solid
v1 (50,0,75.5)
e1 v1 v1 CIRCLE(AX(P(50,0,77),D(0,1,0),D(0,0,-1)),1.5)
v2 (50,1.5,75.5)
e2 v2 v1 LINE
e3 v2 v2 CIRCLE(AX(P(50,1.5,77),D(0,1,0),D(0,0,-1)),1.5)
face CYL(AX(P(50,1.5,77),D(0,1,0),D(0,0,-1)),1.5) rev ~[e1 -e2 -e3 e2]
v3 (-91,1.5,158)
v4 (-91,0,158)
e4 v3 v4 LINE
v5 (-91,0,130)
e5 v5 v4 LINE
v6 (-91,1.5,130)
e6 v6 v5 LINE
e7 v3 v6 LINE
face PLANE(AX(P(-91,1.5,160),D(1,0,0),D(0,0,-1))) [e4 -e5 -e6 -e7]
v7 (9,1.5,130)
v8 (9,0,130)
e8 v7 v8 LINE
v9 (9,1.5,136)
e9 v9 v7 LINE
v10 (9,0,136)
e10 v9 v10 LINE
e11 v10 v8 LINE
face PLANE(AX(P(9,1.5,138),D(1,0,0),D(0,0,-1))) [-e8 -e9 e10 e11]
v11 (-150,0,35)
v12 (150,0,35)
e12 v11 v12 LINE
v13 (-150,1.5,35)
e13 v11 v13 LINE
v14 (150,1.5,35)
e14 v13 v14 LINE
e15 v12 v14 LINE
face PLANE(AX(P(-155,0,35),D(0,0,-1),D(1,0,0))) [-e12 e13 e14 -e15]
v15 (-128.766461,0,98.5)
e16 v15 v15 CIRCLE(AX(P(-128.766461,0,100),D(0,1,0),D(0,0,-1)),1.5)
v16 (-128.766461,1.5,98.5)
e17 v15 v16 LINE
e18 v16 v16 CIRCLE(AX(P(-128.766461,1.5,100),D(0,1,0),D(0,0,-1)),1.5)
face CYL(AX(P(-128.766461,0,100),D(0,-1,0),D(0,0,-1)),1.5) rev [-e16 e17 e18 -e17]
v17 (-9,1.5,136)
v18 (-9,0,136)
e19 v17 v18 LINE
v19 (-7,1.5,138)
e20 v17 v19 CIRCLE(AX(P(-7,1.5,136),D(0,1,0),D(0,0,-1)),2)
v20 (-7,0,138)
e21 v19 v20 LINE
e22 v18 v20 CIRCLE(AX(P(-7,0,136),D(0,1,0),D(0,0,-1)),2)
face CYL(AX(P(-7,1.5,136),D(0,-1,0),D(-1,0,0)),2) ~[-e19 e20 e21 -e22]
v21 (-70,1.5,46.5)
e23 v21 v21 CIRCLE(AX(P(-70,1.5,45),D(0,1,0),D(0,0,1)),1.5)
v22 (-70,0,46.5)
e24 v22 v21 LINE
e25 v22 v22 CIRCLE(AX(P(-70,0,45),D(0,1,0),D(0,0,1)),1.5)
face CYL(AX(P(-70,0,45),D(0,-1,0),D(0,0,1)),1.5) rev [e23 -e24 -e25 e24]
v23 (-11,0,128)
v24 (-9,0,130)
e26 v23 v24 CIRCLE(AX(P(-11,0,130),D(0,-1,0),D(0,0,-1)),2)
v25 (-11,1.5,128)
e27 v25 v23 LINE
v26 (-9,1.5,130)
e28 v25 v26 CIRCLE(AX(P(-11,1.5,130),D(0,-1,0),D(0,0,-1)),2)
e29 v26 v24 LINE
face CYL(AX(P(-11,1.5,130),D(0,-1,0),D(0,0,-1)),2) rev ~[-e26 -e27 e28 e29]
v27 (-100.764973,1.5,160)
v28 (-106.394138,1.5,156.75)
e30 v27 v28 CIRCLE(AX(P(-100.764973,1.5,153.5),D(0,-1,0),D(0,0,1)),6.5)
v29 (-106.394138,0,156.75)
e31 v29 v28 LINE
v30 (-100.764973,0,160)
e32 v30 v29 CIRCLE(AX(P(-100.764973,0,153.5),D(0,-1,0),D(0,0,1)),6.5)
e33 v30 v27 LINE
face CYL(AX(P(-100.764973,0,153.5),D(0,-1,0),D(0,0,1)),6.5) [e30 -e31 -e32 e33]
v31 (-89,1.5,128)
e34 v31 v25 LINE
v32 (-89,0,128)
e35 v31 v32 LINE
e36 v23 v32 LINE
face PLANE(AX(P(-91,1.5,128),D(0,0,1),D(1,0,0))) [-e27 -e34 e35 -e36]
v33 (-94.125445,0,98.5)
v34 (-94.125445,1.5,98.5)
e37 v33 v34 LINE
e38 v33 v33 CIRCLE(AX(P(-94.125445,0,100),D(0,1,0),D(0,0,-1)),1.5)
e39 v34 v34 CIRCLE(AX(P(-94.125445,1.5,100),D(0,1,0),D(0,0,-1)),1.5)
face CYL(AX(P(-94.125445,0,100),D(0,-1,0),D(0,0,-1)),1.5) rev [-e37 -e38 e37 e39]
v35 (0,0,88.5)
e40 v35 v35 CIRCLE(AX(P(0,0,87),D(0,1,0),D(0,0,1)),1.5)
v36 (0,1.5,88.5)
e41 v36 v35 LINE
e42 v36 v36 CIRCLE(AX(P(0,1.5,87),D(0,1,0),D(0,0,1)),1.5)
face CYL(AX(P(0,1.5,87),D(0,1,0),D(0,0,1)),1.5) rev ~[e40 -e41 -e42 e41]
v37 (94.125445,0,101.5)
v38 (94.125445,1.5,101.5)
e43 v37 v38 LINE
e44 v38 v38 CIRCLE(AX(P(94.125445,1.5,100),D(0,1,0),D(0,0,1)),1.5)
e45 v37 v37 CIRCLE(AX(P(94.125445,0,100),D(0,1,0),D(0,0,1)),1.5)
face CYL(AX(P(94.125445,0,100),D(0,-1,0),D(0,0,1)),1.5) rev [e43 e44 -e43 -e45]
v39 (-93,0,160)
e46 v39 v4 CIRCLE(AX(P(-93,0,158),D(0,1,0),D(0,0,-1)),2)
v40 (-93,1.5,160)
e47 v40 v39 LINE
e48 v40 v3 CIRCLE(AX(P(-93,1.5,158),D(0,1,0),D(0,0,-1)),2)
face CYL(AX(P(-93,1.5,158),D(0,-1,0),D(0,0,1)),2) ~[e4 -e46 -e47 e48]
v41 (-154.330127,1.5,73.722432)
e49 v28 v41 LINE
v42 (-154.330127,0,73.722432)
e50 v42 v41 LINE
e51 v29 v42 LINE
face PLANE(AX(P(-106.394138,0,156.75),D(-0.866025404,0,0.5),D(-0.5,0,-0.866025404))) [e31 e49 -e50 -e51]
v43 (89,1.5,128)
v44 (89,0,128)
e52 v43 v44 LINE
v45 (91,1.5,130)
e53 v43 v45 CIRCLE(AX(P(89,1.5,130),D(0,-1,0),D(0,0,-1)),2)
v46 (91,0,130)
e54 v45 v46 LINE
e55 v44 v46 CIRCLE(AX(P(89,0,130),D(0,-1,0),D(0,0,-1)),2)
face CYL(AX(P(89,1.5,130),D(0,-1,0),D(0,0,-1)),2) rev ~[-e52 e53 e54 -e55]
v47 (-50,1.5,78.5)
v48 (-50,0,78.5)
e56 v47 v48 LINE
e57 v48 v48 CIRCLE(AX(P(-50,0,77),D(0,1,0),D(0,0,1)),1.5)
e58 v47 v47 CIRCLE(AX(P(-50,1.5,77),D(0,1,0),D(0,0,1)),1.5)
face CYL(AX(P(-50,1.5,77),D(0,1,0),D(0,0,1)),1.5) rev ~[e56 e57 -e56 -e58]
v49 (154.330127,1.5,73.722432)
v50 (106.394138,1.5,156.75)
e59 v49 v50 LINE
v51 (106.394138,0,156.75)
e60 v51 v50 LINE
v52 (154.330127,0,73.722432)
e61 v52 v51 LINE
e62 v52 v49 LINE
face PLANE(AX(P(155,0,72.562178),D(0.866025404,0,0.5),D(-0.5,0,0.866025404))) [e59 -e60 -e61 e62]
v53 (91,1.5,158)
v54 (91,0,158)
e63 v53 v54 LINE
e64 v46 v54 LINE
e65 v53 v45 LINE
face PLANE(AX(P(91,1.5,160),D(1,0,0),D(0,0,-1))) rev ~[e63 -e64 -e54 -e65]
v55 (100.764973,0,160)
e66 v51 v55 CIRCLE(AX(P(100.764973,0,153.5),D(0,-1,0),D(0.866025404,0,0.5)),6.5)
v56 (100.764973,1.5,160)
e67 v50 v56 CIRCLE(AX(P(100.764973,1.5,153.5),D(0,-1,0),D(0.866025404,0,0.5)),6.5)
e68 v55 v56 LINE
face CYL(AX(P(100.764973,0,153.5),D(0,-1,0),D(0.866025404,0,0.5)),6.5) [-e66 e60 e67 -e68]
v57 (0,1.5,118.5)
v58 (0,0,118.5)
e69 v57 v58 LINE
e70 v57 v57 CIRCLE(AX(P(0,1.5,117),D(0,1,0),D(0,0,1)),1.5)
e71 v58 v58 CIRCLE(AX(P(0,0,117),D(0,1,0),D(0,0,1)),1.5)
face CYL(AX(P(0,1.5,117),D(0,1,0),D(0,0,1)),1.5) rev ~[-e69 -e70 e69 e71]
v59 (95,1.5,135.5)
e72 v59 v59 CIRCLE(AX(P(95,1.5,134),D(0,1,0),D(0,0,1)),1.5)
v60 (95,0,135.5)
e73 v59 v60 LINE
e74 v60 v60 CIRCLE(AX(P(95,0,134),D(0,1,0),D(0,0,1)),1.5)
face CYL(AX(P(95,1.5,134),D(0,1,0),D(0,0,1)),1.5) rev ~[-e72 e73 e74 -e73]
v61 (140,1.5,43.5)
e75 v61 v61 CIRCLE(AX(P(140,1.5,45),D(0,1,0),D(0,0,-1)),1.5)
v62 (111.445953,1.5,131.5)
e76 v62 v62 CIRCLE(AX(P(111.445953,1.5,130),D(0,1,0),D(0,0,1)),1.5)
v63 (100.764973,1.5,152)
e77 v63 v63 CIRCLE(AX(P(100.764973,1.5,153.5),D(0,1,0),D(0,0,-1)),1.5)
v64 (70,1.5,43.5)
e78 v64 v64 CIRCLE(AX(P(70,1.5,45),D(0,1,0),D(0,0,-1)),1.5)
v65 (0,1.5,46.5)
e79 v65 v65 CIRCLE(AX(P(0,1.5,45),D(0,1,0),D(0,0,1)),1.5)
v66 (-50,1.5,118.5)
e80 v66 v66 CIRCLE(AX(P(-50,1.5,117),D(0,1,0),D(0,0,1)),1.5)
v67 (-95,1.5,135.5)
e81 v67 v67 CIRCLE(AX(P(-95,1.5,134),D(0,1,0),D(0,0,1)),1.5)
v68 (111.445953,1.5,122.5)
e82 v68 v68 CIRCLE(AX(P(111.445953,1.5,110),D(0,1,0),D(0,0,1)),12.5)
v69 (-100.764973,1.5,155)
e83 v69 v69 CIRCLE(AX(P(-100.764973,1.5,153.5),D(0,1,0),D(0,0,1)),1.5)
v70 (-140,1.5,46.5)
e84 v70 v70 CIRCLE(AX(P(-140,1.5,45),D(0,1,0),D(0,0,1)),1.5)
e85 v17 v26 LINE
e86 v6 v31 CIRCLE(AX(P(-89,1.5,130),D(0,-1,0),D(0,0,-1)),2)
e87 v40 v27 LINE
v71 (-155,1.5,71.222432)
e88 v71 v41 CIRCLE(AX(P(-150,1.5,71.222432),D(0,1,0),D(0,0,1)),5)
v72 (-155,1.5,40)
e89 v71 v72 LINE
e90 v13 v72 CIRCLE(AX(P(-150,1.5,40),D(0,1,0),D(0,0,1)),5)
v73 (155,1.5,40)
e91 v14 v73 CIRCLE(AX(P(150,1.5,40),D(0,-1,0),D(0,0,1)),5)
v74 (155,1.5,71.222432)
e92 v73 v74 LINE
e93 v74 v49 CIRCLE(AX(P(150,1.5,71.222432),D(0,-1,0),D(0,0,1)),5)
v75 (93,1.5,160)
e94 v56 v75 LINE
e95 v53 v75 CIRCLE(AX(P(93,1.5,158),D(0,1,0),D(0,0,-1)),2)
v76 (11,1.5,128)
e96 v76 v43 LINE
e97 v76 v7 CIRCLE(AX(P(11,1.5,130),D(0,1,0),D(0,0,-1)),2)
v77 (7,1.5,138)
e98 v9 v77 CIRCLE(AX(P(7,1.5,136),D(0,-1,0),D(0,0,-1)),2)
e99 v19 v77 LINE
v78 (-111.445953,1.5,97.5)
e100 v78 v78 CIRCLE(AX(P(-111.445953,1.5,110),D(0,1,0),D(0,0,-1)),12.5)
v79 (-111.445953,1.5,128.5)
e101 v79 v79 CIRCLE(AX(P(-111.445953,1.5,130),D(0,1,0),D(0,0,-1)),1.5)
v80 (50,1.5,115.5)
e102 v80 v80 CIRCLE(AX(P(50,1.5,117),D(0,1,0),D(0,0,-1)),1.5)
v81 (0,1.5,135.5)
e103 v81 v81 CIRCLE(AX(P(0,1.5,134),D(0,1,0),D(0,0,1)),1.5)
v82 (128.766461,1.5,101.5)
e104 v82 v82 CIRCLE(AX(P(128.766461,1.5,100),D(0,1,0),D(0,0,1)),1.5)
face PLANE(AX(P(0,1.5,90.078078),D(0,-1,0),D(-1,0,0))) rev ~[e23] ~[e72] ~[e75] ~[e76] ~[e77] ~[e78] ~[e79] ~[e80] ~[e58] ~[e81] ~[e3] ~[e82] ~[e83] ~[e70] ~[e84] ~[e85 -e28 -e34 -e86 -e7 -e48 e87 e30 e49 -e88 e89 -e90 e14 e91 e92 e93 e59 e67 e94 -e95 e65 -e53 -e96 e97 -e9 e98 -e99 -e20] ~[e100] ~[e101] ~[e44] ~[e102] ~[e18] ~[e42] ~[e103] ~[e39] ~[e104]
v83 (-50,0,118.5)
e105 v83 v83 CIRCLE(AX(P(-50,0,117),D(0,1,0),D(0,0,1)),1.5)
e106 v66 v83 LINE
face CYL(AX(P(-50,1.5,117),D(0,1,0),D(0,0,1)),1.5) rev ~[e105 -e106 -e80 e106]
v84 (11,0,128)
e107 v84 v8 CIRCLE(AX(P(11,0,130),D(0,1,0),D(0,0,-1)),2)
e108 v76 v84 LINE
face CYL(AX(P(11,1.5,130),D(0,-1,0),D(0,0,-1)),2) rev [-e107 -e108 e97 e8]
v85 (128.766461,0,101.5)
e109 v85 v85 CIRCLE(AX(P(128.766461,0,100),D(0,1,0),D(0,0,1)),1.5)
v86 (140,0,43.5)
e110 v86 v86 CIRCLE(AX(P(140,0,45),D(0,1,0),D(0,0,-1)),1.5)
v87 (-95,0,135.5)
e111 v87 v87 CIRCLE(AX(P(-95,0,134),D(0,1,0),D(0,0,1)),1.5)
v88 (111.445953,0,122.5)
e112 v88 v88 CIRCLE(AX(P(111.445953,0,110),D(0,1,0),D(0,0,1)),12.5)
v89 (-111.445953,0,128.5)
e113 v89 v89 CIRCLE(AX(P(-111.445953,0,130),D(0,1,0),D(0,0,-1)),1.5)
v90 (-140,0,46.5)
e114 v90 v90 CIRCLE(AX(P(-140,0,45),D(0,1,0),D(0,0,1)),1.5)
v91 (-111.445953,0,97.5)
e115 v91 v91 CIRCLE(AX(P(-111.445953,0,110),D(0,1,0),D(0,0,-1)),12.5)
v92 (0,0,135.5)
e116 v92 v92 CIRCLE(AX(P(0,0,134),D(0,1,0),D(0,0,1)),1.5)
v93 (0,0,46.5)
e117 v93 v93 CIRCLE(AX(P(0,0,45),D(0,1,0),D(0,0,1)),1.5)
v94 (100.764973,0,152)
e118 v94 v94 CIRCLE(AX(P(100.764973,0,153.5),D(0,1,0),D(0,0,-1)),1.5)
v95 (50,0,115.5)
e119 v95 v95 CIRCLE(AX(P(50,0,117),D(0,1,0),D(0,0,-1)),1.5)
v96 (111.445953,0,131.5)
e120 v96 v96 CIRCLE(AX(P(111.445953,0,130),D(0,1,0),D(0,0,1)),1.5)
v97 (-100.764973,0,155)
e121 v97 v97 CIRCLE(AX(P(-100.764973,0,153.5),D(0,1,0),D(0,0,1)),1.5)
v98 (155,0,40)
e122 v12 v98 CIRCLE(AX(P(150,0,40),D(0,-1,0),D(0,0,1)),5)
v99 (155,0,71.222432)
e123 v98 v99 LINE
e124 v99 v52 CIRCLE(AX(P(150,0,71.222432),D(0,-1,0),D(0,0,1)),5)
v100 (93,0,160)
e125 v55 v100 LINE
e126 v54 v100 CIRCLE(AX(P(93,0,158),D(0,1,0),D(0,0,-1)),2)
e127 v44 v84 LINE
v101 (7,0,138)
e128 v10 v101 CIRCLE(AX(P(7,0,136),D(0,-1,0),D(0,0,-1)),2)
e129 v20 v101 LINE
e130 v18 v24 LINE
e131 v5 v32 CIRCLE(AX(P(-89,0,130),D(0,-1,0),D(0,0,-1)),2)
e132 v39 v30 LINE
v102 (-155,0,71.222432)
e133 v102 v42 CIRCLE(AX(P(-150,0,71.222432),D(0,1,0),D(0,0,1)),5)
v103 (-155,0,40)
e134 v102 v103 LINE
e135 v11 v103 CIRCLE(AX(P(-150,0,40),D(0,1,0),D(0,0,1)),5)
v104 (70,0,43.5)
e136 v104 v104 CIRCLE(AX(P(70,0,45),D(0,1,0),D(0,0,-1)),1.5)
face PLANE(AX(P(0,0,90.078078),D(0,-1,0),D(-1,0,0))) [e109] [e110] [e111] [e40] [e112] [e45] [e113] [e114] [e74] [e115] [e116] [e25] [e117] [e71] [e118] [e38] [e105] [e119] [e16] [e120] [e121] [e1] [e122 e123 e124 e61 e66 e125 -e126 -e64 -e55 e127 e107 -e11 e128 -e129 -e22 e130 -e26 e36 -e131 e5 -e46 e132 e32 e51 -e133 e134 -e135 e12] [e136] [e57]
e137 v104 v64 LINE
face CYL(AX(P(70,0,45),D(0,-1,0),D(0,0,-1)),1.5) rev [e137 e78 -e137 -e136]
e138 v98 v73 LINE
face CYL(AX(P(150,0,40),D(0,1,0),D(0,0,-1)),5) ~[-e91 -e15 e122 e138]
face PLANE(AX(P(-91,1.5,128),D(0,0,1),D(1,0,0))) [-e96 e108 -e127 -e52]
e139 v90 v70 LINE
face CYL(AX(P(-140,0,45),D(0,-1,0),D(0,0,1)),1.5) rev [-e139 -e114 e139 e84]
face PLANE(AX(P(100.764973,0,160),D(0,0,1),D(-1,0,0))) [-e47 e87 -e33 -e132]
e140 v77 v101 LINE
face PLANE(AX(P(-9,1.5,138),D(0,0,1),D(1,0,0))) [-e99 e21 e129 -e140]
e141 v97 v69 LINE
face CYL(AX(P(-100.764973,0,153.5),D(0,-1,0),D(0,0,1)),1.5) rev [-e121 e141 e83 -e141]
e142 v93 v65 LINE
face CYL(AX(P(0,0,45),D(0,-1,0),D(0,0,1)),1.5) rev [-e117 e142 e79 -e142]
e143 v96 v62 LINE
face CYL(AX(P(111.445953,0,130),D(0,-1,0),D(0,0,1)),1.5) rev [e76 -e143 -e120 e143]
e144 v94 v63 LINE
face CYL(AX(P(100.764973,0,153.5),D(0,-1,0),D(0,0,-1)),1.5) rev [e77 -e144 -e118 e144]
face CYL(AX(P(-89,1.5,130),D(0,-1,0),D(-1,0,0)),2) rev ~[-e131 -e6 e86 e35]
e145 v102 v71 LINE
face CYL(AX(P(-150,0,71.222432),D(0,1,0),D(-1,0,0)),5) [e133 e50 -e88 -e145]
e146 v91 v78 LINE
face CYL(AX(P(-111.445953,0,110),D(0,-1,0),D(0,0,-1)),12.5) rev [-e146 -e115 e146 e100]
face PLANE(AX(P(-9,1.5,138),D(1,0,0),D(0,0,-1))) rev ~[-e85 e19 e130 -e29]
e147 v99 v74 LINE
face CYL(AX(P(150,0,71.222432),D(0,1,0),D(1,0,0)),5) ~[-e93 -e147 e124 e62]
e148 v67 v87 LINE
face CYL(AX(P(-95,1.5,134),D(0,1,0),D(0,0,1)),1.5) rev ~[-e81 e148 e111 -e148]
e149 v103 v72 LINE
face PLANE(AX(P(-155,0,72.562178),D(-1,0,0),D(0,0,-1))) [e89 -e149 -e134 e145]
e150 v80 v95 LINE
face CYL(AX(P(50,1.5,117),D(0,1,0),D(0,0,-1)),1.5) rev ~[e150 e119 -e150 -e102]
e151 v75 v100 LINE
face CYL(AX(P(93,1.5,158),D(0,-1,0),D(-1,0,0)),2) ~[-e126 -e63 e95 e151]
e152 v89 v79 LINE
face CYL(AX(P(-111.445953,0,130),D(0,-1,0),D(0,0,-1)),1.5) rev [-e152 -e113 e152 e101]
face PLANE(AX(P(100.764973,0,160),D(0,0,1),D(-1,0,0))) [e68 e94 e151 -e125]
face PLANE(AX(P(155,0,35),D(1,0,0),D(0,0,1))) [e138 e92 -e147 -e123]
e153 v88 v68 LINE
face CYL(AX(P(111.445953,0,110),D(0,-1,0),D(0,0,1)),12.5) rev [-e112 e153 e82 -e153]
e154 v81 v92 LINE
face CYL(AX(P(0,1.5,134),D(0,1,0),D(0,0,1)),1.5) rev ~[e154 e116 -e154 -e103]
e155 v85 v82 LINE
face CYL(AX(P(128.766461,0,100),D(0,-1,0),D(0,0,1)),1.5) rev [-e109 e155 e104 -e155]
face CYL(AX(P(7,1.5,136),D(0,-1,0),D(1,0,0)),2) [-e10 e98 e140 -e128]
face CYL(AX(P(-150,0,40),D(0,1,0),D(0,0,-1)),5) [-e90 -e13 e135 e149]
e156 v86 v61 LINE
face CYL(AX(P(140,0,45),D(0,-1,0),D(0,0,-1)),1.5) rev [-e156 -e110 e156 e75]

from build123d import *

# Parameters (mm, degrees)
ESQUISSE1_R             = 1.5
ESQUISSE1_R_2           = 12.5
BOSS_EXTRU_1_DEPTH      = 1.5
CONG_2_R                = 5
ESQUISSE2_R             = 1.5
ESQUISSE2_W             = 182
ESQUISSE2_H             = 32
ENL_V_MAT_EXTRU_1_DEPTH = 223.771744169
ESQUISSE3_W             = 18
ESQUISSE3_H             = 10
BOSS_EXTRU_2_DEPTH      = 1.5
CONG_3_R                = 2
ESQUISSE4_R             = 1.5
ENL_V_MAT_EXTRU_2_DEPTH = 3


with BuildPart() as part:
    # Esquisse1 → Boss.-Extru.1 (new body)
    with BuildSketch(Plane(origin=(0, 0, 0), x_dir=(1, 0, 0), z_dir=(0, 1, 0))):
        with BuildLine():
            Line((-155, -35), (155, -35))
            Line((155, -35), (155, -72.562177826))
            Line((155, -72.562177826), (106.394138206, -156.75))
            ThreePointArc((106.394138206, -156.75), (104.014973081, -159.129165125), (100.764973081, -160))
            Line((100.764973081, -160), (-100.764973081, -160))
            ThreePointArc((-100.764973081, -160), (-104.014973081, -159.129165125), (-106.394138206, -156.75))
            Line((-106.394138206, -156.75), (-155, -72.562177826))
            Line((-155, -72.562177826), (-155, -35))
        make_face()
        with Locations(Location((-70, -45, 0), (0, 0, 270))):
            Circle(ESQUISSE1_R, mode=Mode.SUBTRACT)
        with Locations(Location((0, -45, 0), (0, 0, 270))):
            Circle(ESQUISSE1_R, mode=Mode.SUBTRACT)
        with Locations(Location((111.445953061, -110, 0), (0, 0, 270))):
            Circle(ESQUISSE1_R_2, mode=Mode.SUBTRACT)
        with Locations(Location((128.766461137, -100, 0), (0, 0, 270))):
            Circle(ESQUISSE1_R, mode=Mode.SUBTRACT)
        with Locations(Location((94.125444985, -100, 0), (0, 0, 270))):
            Circle(ESQUISSE1_R, mode=Mode.SUBTRACT)
        with Locations(Location((111.445953061, -130, 0), (0, 0, 270))):
            Circle(ESQUISSE1_R, mode=Mode.SUBTRACT)
        with Locations(Location((70, -45, 0), (0, 0, 90))):
            Circle(ESQUISSE1_R, mode=Mode.SUBTRACT)
        with Locations(Location((-140, -45, 0), (0, 0, 270))):
            Circle(ESQUISSE1_R, mode=Mode.SUBTRACT)
        with Locations(Location((140, -45, 0), (0, 0, 90))):
            Circle(ESQUISSE1_R, mode=Mode.SUBTRACT)
        with Locations(Location((-100.764973081, -153.5, 0), (0, 0, 270))):
            Circle(ESQUISSE1_R, mode=Mode.SUBTRACT)
        with Locations(Location((100.764973081, -153.5, 0), (0, 0, 90))):
            Circle(ESQUISSE1_R, mode=Mode.SUBTRACT)
        with Locations(Location((-111.445953061, -130, 0), (0, 0, 90))):
            Circle(ESQUISSE1_R, mode=Mode.SUBTRACT)
        with Locations(Location((-128.766461137, -100, 0), (0, 0, 90))):
            Circle(ESQUISSE1_R, mode=Mode.SUBTRACT)
        with Locations(Location((-111.445953061, -110, 0), (0, 0, 90))):
            Circle(ESQUISSE1_R_2, mode=Mode.SUBTRACT)
        with Locations(Location((-94.125444985, -100, 0), (0, 0, 90))):
            Circle(ESQUISSE1_R, mode=Mode.SUBTRACT)
    extrude(amount=BOSS_EXTRU_1_DEPTH)

    # Congé2
    cong_2_edges = [part.edges().sort_by_distance(p)[0] for p in [
        (-155, 0.75, 35),
        (155, 0.75, 35),
        (155, 0.75, 72.562177826),
        (-155, 0.75, 72.562177826),
    ]]
    fillet(cong_2_edges, radius=CONG_2_R)

    # Esquisse2 → Enlèv. mat.-Extru.1 (cut, through all)
    with BuildSketch(Plane(origin=(0, 1.5, 0), x_dir=(1, 0, 0), z_dir=(0, 1, 0))):
        with Locations(Location((-50, -77, 0), (0, 0, 270))):
            Circle(ESQUISSE2_R)
        with Locations(Location((-50, -117, 0), (0, 0, 270))):
            Circle(ESQUISSE2_R)
        with Locations(Location((50, -117, 0), (0, 0, 90))):
            Circle(ESQUISSE2_R)
        with Locations(Location((50, -77, 0), (0, 0, 90))):
            Circle(ESQUISSE2_R)
        with Locations(Location((0, -117, 0), (0, 0, 270))):
            Circle(ESQUISSE2_R)
        with Locations(Location((0, -87, 0), (0, 0, 270))):
            Circle(ESQUISSE2_R)
        with Locations((0, -144)):
            Rectangle(ESQUISSE2_W, ESQUISSE2_H)
    extrude(amount=-ENL_V_MAT_EXTRU_1_DEPTH, mode=Mode.SUBTRACT)

    # Esquisse3 → Boss.-Extru.2 (add)
    with BuildSketch(Plane(origin=(0, 1.5, 0), x_dir=(1, 0, 0), z_dir=(0, 1, 0))):
        with Locations((0, -133)):
            Rectangle(ESQUISSE3_W, ESQUISSE3_H)
    extrude(amount=-BOSS_EXTRU_2_DEPTH)

    # Congé3
    cong_3_edges = [part.edges().sort_by_distance(p)[0] for p in [
        (-91, 0.75, 160),
        (-91, 0.75, 128),
        (91, 0.75, 128),
        (91, 0.75, 160),
        (-9, 0.75, 138),
        (-9, 0.75, 128),
        (9, 0.75, 128),
        (9, 0.75, 138),
    ]]
    fillet(cong_3_edges, radius=CONG_3_R)

    # Esquisse4 → Enlèv. mat.-Extru.2 (cut)
    with BuildSketch(Plane(origin=(0, 1.5, 0), x_dir=(1, 0, 0), z_dir=(0, 1, 0))):
        with Locations(Location((-95, -134, 0), (0, 0, 270))):
            Circle(ESQUISSE4_R)
        with Locations(Location((0, -134, 0), (0, 0, 270))):
            Circle(ESQUISSE4_R)
        with Locations(Location((95, -134, 0), (0, 0, 270))):
            Circle(ESQUISSE4_R)
    extrude(amount=-ENL_V_MAT_EXTRU_2_DEPTH, mode=Mode.SUBTRACT)


solid = part.part
